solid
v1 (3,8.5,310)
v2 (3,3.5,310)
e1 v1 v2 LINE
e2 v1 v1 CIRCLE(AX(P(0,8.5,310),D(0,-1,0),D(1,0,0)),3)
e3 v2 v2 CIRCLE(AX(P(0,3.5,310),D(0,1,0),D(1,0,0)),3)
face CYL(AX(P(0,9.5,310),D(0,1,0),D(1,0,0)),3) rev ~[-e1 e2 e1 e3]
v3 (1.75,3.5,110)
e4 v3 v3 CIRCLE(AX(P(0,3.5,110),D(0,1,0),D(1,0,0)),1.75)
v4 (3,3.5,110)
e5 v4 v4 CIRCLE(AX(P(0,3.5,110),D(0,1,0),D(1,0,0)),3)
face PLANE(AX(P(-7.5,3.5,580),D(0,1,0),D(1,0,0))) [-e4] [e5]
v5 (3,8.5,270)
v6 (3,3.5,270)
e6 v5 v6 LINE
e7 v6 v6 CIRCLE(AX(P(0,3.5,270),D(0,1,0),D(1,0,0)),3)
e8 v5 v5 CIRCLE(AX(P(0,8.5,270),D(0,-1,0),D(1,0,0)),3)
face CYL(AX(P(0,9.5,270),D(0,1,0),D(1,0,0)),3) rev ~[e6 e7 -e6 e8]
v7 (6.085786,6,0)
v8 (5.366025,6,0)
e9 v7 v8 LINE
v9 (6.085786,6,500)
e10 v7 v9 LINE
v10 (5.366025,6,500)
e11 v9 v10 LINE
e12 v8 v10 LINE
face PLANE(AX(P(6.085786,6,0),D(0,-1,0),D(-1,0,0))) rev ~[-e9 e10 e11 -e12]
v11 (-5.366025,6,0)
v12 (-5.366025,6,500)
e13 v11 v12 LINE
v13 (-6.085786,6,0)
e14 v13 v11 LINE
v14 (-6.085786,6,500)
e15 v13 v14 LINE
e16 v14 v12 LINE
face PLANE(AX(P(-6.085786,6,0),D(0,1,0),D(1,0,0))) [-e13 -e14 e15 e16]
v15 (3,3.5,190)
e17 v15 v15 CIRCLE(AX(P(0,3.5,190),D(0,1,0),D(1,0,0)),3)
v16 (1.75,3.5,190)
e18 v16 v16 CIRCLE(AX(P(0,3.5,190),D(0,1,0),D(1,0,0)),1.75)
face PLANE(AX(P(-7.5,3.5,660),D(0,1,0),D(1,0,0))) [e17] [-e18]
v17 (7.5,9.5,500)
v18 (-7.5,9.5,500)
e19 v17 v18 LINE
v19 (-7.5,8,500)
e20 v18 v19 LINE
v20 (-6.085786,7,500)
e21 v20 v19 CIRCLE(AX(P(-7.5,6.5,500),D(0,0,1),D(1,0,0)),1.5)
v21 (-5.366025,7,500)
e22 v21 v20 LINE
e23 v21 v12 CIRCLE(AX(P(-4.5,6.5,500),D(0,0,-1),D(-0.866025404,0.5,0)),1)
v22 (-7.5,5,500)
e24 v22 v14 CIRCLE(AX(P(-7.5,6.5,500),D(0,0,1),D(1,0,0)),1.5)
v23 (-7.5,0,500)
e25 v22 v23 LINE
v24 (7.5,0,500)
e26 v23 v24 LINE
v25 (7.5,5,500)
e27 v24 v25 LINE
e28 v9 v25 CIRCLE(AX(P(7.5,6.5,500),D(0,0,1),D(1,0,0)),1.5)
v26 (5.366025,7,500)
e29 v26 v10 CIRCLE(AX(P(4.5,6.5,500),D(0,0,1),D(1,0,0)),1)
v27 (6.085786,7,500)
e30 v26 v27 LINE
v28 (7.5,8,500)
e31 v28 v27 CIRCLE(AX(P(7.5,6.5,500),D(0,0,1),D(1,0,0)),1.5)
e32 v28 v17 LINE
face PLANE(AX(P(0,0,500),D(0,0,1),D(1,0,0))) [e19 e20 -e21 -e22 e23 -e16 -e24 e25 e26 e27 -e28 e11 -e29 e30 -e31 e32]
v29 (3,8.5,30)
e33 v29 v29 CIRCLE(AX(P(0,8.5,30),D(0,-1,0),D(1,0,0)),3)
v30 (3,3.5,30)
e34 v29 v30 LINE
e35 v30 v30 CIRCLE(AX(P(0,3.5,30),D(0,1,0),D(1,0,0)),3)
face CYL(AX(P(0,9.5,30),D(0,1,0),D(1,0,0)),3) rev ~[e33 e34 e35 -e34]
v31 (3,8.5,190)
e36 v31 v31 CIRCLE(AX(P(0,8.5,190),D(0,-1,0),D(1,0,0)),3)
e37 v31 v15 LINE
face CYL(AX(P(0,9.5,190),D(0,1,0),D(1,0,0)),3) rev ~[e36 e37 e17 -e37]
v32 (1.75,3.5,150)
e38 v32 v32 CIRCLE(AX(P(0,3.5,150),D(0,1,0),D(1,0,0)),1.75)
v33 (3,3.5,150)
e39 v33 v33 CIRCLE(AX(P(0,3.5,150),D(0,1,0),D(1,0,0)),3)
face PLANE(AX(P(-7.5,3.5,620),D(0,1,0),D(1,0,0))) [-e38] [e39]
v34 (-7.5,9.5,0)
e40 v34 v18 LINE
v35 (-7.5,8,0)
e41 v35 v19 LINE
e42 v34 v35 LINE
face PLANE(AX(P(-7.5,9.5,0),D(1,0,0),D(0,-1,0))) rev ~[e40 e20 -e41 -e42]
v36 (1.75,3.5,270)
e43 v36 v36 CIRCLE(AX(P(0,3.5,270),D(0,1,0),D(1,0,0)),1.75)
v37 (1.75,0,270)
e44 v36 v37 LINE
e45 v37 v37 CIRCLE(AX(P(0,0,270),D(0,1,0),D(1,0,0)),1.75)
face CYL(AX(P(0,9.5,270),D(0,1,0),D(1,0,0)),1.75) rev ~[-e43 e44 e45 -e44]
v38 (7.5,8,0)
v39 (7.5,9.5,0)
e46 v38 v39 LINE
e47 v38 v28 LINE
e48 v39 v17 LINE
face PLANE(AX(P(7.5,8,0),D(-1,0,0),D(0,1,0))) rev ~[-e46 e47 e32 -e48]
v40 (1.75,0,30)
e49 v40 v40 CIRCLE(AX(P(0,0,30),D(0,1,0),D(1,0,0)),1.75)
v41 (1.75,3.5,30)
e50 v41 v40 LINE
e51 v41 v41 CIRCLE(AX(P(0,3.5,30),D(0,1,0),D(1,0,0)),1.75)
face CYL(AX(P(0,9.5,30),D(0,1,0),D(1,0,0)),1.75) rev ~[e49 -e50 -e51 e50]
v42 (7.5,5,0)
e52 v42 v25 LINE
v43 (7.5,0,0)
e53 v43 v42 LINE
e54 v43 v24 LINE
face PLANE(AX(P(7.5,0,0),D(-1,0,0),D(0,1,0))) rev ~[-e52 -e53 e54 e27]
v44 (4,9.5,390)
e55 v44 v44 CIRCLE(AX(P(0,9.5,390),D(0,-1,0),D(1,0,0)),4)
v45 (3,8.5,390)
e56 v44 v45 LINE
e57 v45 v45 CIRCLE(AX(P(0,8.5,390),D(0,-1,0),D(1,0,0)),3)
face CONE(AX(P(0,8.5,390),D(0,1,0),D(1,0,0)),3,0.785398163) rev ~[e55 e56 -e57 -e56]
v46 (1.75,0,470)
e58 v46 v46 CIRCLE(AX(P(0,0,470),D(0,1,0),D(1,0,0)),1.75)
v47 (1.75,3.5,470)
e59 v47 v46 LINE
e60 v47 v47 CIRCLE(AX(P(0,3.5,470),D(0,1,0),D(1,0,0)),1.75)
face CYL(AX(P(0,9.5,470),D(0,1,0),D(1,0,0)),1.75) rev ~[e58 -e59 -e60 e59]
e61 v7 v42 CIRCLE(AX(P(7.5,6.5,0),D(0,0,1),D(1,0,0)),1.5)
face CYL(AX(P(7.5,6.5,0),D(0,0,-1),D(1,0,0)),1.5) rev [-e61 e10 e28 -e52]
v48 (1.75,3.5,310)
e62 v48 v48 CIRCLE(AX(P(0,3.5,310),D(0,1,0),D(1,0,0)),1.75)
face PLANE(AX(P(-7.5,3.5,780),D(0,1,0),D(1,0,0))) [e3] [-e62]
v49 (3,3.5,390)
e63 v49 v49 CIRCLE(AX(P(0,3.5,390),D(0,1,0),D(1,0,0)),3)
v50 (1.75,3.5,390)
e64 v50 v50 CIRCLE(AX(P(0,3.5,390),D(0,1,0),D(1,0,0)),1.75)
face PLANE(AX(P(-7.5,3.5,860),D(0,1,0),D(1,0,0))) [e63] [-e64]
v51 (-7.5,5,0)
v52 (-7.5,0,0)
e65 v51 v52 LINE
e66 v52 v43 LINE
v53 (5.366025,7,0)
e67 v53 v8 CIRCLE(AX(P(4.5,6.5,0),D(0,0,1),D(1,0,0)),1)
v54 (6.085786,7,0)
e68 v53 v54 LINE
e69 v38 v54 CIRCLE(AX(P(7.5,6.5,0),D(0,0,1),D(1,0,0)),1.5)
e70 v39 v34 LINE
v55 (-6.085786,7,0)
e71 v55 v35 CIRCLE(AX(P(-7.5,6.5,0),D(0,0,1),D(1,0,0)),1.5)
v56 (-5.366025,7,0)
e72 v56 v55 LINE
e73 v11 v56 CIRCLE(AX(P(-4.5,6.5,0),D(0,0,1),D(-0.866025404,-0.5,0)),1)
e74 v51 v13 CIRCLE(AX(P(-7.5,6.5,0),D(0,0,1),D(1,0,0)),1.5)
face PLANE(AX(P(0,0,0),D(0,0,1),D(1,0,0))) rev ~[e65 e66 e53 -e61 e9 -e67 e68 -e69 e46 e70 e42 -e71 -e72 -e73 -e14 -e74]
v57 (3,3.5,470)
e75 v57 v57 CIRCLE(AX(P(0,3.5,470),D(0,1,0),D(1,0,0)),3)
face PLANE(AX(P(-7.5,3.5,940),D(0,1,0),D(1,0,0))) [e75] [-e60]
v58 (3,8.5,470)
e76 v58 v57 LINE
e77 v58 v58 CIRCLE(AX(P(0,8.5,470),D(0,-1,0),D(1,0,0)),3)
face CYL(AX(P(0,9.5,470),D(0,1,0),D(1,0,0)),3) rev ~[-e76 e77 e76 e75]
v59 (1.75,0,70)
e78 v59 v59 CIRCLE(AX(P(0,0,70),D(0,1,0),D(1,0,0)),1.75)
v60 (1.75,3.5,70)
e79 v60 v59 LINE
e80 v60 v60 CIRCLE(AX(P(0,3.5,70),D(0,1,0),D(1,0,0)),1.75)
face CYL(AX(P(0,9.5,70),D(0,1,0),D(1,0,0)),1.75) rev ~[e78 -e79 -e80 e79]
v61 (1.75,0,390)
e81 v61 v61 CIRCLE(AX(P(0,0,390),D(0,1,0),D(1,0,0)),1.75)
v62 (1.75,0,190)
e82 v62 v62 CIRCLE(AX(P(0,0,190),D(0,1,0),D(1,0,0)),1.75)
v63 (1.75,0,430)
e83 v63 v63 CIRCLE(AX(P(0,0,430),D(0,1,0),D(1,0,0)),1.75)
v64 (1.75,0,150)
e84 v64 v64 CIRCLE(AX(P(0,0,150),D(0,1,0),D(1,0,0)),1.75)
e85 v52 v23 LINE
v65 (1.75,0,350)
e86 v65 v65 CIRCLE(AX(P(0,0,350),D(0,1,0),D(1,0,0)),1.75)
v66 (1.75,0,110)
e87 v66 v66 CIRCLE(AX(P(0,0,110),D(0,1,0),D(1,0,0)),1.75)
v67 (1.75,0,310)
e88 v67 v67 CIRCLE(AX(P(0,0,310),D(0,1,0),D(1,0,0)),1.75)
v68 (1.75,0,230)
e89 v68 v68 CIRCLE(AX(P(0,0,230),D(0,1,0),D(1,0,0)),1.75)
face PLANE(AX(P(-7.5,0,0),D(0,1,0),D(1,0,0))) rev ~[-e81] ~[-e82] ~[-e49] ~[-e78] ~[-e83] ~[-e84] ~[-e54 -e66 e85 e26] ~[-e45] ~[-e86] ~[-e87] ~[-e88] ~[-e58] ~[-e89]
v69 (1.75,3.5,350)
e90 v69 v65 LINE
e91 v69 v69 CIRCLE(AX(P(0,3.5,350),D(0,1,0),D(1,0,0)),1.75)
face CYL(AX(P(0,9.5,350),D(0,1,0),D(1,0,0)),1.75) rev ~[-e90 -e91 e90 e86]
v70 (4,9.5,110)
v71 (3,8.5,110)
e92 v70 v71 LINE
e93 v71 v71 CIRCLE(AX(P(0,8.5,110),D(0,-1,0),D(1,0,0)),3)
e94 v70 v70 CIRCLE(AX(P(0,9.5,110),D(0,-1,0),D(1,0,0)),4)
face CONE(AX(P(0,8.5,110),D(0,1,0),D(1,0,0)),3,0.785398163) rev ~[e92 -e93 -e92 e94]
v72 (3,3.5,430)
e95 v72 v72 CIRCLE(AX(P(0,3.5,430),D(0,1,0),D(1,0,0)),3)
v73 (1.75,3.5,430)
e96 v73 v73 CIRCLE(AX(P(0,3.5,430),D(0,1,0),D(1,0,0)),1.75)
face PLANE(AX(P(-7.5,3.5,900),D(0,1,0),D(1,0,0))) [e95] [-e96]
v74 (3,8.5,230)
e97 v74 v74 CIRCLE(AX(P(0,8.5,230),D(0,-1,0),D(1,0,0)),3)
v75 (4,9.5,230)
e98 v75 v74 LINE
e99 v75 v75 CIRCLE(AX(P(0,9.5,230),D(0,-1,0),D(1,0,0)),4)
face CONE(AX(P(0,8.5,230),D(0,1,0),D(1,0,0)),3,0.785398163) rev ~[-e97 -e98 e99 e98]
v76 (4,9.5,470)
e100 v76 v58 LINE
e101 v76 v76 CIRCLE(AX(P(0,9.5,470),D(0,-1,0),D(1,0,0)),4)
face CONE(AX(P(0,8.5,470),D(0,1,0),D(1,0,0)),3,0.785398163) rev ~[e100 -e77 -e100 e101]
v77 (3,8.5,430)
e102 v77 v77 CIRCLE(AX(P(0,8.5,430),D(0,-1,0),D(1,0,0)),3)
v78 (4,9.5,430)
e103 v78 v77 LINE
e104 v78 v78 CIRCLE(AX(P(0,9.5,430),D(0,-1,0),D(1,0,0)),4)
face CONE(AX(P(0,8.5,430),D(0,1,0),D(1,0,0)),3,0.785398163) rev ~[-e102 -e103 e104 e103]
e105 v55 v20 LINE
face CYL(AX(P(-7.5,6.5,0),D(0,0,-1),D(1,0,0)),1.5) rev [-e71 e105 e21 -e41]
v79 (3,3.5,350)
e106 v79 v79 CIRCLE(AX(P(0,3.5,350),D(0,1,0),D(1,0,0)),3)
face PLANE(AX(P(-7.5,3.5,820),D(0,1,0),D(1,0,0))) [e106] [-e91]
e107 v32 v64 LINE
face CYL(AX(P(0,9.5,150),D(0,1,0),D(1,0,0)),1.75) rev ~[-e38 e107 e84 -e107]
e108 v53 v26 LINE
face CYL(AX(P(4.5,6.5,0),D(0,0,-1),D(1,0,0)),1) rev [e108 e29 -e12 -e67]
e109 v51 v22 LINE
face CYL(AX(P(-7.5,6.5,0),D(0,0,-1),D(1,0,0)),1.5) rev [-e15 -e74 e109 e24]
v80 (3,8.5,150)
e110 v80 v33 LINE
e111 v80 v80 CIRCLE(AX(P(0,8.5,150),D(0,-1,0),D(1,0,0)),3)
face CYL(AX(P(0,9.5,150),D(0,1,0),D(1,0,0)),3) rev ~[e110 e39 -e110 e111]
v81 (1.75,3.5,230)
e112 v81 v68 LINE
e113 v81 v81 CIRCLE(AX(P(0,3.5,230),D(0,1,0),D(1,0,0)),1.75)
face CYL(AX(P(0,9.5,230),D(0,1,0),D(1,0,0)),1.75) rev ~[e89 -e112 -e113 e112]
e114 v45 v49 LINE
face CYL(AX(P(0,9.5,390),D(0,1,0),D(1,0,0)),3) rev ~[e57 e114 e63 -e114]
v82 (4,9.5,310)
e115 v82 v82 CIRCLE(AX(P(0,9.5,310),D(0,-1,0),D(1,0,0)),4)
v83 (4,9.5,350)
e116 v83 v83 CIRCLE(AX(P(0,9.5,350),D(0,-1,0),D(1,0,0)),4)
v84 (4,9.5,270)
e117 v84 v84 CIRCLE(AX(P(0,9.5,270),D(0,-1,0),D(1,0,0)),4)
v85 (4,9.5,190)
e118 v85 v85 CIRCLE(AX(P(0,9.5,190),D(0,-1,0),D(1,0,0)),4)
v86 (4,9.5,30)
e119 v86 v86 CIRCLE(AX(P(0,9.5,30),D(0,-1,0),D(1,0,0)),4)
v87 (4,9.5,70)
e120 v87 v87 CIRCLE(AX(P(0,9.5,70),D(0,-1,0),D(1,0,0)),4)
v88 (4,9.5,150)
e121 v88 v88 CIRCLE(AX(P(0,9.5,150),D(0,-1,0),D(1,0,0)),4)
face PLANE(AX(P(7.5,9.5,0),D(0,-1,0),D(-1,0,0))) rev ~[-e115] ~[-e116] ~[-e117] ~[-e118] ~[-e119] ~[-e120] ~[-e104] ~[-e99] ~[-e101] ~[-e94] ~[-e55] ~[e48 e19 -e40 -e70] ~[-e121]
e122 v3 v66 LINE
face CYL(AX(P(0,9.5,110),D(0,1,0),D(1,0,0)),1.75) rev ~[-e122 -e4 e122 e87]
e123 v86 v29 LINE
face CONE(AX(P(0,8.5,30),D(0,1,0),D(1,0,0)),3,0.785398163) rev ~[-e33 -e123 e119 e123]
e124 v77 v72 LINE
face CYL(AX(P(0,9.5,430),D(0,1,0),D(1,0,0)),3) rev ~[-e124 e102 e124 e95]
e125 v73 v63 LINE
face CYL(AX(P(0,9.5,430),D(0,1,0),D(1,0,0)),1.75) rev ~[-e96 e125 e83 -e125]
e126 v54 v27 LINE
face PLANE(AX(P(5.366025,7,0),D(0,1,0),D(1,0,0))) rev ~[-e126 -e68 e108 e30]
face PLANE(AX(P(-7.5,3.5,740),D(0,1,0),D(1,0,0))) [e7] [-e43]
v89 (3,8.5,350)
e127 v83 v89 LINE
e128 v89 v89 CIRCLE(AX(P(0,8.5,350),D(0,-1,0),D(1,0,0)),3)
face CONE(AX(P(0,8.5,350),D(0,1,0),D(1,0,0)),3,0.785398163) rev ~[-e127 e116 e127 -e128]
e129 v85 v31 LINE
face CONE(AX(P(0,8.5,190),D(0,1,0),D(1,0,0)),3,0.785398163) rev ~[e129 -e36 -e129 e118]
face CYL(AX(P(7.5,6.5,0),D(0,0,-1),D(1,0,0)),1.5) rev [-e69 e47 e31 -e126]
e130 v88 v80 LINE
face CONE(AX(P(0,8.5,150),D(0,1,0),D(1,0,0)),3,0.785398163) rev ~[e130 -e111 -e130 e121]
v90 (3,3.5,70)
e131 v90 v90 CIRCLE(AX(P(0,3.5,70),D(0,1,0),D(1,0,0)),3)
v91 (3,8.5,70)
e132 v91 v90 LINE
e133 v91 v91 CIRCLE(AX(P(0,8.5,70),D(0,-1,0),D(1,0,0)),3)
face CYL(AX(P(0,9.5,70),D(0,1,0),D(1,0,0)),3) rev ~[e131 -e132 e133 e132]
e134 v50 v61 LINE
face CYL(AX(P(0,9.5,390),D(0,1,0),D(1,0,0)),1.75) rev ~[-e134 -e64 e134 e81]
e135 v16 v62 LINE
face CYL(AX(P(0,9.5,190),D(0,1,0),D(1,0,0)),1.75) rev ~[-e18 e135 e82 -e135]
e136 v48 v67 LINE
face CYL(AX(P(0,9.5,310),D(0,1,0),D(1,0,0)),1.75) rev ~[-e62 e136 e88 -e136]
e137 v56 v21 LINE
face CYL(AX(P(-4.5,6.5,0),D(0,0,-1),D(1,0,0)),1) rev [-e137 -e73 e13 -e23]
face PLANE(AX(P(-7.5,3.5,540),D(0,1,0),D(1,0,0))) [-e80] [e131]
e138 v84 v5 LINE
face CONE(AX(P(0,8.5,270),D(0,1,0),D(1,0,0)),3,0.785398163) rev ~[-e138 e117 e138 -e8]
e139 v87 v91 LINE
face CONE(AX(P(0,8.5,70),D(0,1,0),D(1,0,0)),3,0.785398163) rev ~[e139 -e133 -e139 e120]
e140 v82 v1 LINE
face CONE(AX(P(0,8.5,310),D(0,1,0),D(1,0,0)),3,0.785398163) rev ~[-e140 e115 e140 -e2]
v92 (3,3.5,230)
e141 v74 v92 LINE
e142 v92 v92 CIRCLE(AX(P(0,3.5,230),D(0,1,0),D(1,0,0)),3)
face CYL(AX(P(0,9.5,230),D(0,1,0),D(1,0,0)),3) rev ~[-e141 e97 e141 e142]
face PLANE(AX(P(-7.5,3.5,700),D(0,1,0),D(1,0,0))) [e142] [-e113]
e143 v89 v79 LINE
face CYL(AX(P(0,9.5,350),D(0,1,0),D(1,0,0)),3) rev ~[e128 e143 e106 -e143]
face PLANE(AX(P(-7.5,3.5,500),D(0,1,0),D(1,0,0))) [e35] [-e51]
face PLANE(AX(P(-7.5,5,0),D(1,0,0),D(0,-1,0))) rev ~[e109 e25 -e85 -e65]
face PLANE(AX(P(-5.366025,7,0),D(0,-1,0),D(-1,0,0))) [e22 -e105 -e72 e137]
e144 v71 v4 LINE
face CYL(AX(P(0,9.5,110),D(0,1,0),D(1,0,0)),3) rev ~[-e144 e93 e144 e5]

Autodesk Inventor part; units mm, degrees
ref_plane "YZ Plane" through (0, 0, 0) normal (1, 0, 0) x (0, 1, 0)
ref_plane "XZ Plane" through (0, 0, 0) normal (0, 1, 0) x (-1, 0, 0)
ref_plane "XY Plane" through (0, 0, 0) normal (0, 0, 1) x (1, 0, 0)
sketch "Skizze1" plane through (0, 0, 0) normal (0, 0, 1) x (1, 0, 0)
  line L0 (0, -1.9) -> (0, 11.4) construction
  line L1 (-7.5, 0) -> (7.5, 0)
  line L2 (7.5, 0) -> (7.5, 9.5)
  line L3 (7.5, 9.5) -> (-7.5, 9.5)
  line L4 (-7.5, 9.5) -> (-7.5, 0)
  circle A0 centre (-7.5, 6.5) radius 1.5
  line L5 (-12.6, 0) -> (12.6, 0) projected
  line L6 (-4.5, 6.5) -> (-7.5, 6.5) construction
  line L7 (-4.5, 7) -> (-7.5, 7)
  line L8 (-7.5, 6) -> (-4.5, 6)
  arc A1 (-4.5, 6) -> (-4.5, 7) centre (-4.5, 6.5) ccw
  arc A2 (-7.5, 7) -> (-7.5, 6) centre (-7.5, 6.5) ccw
  circle A3 centre (-4.5, 6.5) radius 1
  circle A4 centre (7.5, 6.5) radius 1.5
  line L9 (4.5, 7) -> (7.5, 7)
  line L10 (7.5, 6) -> (4.5, 6)
  arc A5 (4.5, 7) -> (4.5, 6) centre (4.5, 6.5) ccw
  circle A6 centre (4.5, 6.5) radius 1
  point P0 (0, 0)
  point P1 (0, 0)
  point P2 (-7.5, 8)
  point P3 (-7.5, 5)
  point P4 (-6, 6.5)
  point P5 (6, 6.5)
  point P6 (-6.0858, 7)
  point P7 (-5.366, 7)
  point P8 (-5.366, 6)
  point P9 (-6.0858, 6)
  point P10 (7.5, 5)
  point P11 (6.0858, 6)
  point P12 (5.366, 6)
  point P13 (5.366, 7)
  point P14 (6.0858, 7)
  point P15 (7.5, 8)
  dimension "d2" = 3
  dimension "d0" = 15
  dimension "d1" = 9.5
  dimension "d3" = 3
  dimension "d6" = 1
  dimension "d7" = 2
extrude "Extrusion1" add sketch "Skizze1" along normal blind 500 contours L4 A0 L8 A3 L7 L3 L2 A4 L9 A6 L10 L1
sketch "Skizze2" plane through (-7.5, 9.5, 500) normal (0, 1, 0) x (1, 0, 0)
  line L0 (-3, 500) -> (18, 500) projected
  line L1 (7.5, 1200) -> (7.5, -200) projected
  circle A0 centre (7.5, 470) radius 3
  circle A1 centre (7.5, 470) radius 1.75
  point P0 (7.5, 500)
  dimension "d8" = 6
  dimension "d9" = 3.5
  dimension "d10" = 30
extrude "Extrusion2" cut sketch "Skizze2" against normal blind 6
extrude "Extrusion3" cut sketch "Skizze2" against normal blind 15 contours A1 L1 | L1 A1
chamfer "Fase1" distance 1 angle 45 1 edges at (-3, 9.5, 30)
pattern_linear "Rechteckige Anordnung1" count 12 spacing 40 along (0, 0, 1) of "Extrusion2", "Extrusion3", "Fase1"
equation "\"d4\" = Raillänge"
equation "\"Raillänge\" = 500"
properties part number "MGN15 Linear Rail 500mm"
